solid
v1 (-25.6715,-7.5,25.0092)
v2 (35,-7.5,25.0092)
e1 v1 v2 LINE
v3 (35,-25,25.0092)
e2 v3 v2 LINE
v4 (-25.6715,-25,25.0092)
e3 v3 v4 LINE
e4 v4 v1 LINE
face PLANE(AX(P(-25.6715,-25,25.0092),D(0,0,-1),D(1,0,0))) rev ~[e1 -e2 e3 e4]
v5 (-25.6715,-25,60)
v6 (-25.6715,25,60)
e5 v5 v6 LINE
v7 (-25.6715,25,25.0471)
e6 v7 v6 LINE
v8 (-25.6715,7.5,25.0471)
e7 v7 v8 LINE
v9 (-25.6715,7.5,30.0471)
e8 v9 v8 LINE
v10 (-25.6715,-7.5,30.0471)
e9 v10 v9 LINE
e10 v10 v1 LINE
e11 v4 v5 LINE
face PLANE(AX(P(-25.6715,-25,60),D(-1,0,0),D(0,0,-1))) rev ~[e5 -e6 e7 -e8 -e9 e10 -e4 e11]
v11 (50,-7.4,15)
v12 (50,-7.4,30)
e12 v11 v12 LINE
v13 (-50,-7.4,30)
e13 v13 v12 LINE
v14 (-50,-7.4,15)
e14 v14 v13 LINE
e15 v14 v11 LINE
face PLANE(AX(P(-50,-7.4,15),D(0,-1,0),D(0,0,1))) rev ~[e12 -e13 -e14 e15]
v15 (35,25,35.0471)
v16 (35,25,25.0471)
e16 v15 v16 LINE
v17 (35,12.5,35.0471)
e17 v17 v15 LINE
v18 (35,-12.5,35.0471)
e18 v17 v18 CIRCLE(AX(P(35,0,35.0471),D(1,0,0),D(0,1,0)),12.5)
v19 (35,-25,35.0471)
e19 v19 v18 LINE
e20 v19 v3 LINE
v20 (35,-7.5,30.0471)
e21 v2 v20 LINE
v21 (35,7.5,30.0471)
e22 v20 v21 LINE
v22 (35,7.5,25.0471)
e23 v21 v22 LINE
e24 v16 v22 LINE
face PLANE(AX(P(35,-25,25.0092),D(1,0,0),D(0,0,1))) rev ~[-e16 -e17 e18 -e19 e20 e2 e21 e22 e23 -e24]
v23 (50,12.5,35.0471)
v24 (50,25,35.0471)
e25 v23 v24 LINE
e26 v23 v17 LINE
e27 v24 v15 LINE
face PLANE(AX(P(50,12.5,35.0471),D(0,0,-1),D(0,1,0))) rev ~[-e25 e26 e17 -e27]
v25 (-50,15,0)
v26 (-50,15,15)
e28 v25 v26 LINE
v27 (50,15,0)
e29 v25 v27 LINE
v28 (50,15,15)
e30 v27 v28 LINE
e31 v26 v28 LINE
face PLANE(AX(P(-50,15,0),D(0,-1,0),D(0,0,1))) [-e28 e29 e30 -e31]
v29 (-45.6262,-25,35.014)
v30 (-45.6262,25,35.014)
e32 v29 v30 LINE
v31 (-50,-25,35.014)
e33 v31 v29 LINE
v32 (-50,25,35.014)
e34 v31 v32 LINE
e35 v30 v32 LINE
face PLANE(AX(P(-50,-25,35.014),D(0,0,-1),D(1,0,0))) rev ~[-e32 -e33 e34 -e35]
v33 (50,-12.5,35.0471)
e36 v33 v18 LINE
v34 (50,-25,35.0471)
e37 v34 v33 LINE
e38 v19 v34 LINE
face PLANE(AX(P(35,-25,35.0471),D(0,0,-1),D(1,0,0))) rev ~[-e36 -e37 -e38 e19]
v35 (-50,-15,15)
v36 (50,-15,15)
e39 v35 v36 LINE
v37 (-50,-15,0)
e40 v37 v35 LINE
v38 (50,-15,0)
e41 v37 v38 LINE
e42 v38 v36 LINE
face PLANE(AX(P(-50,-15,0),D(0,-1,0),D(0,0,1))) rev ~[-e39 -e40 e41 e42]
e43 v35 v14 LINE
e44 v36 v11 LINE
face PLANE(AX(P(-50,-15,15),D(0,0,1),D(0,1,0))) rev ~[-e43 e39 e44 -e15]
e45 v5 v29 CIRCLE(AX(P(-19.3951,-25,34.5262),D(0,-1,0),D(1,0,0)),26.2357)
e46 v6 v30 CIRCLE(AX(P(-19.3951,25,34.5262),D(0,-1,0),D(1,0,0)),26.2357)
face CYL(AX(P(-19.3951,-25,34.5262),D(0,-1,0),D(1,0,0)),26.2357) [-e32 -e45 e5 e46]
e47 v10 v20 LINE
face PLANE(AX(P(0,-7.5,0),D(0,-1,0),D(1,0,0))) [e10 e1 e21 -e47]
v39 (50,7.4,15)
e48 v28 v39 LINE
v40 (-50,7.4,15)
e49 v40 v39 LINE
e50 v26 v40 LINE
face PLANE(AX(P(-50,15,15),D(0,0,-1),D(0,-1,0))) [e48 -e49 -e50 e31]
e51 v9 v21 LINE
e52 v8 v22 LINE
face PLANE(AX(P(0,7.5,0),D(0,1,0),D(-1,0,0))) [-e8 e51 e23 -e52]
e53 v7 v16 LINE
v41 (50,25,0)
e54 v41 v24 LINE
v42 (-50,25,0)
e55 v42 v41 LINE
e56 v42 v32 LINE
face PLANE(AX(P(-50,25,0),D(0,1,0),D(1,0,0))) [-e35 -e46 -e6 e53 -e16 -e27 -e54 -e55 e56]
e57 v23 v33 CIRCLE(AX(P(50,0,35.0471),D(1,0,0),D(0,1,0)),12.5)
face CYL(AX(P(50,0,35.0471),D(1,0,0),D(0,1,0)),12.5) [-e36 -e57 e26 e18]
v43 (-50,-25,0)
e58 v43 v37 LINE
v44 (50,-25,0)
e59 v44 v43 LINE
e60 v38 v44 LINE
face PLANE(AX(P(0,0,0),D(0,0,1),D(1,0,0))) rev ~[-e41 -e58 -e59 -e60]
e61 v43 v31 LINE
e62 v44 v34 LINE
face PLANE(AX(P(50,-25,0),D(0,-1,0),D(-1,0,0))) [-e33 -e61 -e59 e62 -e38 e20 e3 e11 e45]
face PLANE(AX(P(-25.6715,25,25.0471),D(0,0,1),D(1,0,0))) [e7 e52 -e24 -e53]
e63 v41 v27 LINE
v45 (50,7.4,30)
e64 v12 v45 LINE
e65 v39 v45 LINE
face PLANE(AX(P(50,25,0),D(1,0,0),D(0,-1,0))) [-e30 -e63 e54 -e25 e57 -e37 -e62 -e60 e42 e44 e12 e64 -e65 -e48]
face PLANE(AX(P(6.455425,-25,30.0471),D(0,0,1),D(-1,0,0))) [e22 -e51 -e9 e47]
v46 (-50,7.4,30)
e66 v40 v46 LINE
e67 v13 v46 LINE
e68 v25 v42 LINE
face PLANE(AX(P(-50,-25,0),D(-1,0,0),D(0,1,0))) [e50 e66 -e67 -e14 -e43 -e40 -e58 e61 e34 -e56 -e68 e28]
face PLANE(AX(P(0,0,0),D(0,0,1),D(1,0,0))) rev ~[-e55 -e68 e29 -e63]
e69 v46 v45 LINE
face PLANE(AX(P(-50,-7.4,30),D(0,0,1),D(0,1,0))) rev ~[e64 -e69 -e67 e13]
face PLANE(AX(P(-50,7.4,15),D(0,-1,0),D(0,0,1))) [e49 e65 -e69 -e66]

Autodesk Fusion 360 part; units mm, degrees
sketch "Sketch1" plane through (0, 0, 0) normal (0, 0, 1) x (1, 0, 0)
  line L0 (50, -25) -> (-50, -25)
  line L1 (-50, -25) -> (-50, 25)
  line L2 (-50, 25) -> (50, 25)
  line L3 (50, 25) -> (50, -25)
  line L4 (50, -25) -> (-50, 25) construction
  line L5 (-50, -25) -> (50, 25) construction
  dimension "d1" = 100
  dimension "d2" = 50
extrude "Extrude1" add sketch "Sketch1" along normal blind 60
sketch "Sketch2" plane through (0, -25, 0) normal (0, -1, 0) x (1, 0, 0)
  line L0 (-50, 0) -> (50, 0)
  line L1 (50, 0) -> (50, 60)
  line L2 (50, 60) -> (-50, 60)
  line L3 (-50, 60) -> (-50, 0)
  line L4 (-50, 35.014) -> (-45.6262, 35.014)
  circle A0 centre (-19.3951, 34.5262) radius 26.2357
  line L5 (-25.6715, 60) -> (-25.6715, 25.0092)
  line L6 (-25.6715, 25.0092) -> (35, 25.0092)
  line L7 (35, 25.0092) -> (35, 60)
  line L8 (35, 30.0471) -> (-25.6715, 30.0471)
  line L9 (35, 30.0471) -> (35, 35.0471)
  line L10 (35, 35.0471) -> (50, 35.0471)
  dimension "d25" = 5
extrude "Extrude2" cut sketch "Sketch2" against normal blind 100 contours L2 A0 L7 L8 L9
extrude "Extrude3" cut sketch "Sketch2" against normal blind 100 contours L2 A0 | L2 A0 L5 L8
extrude "Extrude4" cut sketch "Sketch2" against normal blind 17.5 contours A0 L5 L6 L8 | A0 L6 L7 L8
extrude "Extrude5" cut sketch "Sketch2" against normal blind 100 contours L2 L3 L4 A0
sketch "Sketch3" plane through (-50, 0, 0) normal (-1, 0, 0) x (0, -1, 0)
  line L0 (25, 35.014) -> (-25, 35.014)
  line L1 (-25, 35.014) -> (-25, 0)
  line L2 (-25, 0) -> (25, 0)
  line L3 (25, 0) -> (25, 35.014)
  line L4 (-25, 0) -> (-15, 0)
  line L5 (25, 0) -> (15, 0)
  line L6 (15, 0) -> (15, 15)
  line L7 (-15, 0) -> (-15, 15)
  line L8 (-7.4, 15) -> (-7.4, 30)
  line L9 (7.4, 15) -> (7.4, 30)
  line L10 (7.4, 30) -> (-7.4, 30)
  line L11 (-15, 15) -> (-7.4, 15)
  line L12 (15, 15) -> (7.4, 15)
  dimension "d21" = 7.6
  dimension "d22" = 7.6
extrude "Extrude6" cut sketch "Sketch3" against normal blind 100 contours L2 L6 L7 L8 L9 L10 L11 L12
extrude "Extrude7" cut sketch "Sketch2" against normal blind 2 contours L1 L2 L7 L10
sketch "Sketch4" plane through (50, 0, 0) normal (1, 0, 0) x (0, 1, 0)
  line L0 (-23, 35.0471) -> (-25, 35.0471)
  line L1 (-25, 35.0471) -> (-25, 0)
  line L2 (-25, 0) -> (-15, 0)
  line L3 (-15, 0) -> (-15, 15)
  line L4 (-15, 15) -> (-7.4, 15)
  line L5 (-7.4, 15) -> (-7.4, 30)
  line L6 (-7.4, 30) -> (7.4, 30)
  line L7 (7.4, 30) -> (7.4, 15)
  line L8 (7.4, 15) -> (15, 15)
  line L9 (15, 15) -> (15, 0)
  line L10 (15, 0) -> (25, 0)
  line L11 (25, 0) -> (25, 60)
  line L12 (25, 60) -> (-23, 60)
  line L13 (-23, 60) -> (-23, 35.0471)
  line L14 (-25, 35.0471) -> (25, 35.0471)
  circle A0 centre (0, 35.0471) radius 12.5
  dimension "d28" = 25
extrude "Extrude8" cut sketch "Sketch4" against normal blind 50 contours L11 L12 L13 L14 A0
sketch "Sketch5" plane through (0, 25, 0) normal (0, 1, 0) x (-1, 0, 0)
  line L0 (-35, 35.0471) -> (-50, 35.0471)
  line L1 (-50, 35.0471) -> (-50, 0)
  line L2 (-50, 0) -> (50, 0)
  line L3 (50, 0) -> (50, 35.014)
  line L4 (50, 35.014) -> (45.6262, 35.014)
  arc A0 (45.6262, 35.014) -> (25.6715, 60) centre (19.3951, 34.5262) ccw
  line L5 (25.6715, 60) -> (25.6715, 30.0471)
  line L6 (25.6715, 30.0471) -> (-35, 30.0471)
  line L7 (-35, 30.0471) -> (-35, 35.0471)
  line L8 (25.6715, 30.0471) -> (25.6715, 25.0471)
  line L9 (25.6715, 25.0471) -> (-29.3285, 25.0471)
  line L10 (-29.3285, 25.0471) -> (-35, 30.0471)
  line L11 (-35, 30.0471) -> (-35, 17)
  line L12 (-29.3285, 25.0471) -> (-40, 25.0471)
  dimension "d31" = 5
  dimension "d32" = 55
extrude "Extrude9" cut sketch "Sketch5" against normal blind 17.5 contours L6 L8 L9 L10
extrude "Extrude10" cut sketch "Sketch5" against normal blind 17.5 contours L10 L11 L12
